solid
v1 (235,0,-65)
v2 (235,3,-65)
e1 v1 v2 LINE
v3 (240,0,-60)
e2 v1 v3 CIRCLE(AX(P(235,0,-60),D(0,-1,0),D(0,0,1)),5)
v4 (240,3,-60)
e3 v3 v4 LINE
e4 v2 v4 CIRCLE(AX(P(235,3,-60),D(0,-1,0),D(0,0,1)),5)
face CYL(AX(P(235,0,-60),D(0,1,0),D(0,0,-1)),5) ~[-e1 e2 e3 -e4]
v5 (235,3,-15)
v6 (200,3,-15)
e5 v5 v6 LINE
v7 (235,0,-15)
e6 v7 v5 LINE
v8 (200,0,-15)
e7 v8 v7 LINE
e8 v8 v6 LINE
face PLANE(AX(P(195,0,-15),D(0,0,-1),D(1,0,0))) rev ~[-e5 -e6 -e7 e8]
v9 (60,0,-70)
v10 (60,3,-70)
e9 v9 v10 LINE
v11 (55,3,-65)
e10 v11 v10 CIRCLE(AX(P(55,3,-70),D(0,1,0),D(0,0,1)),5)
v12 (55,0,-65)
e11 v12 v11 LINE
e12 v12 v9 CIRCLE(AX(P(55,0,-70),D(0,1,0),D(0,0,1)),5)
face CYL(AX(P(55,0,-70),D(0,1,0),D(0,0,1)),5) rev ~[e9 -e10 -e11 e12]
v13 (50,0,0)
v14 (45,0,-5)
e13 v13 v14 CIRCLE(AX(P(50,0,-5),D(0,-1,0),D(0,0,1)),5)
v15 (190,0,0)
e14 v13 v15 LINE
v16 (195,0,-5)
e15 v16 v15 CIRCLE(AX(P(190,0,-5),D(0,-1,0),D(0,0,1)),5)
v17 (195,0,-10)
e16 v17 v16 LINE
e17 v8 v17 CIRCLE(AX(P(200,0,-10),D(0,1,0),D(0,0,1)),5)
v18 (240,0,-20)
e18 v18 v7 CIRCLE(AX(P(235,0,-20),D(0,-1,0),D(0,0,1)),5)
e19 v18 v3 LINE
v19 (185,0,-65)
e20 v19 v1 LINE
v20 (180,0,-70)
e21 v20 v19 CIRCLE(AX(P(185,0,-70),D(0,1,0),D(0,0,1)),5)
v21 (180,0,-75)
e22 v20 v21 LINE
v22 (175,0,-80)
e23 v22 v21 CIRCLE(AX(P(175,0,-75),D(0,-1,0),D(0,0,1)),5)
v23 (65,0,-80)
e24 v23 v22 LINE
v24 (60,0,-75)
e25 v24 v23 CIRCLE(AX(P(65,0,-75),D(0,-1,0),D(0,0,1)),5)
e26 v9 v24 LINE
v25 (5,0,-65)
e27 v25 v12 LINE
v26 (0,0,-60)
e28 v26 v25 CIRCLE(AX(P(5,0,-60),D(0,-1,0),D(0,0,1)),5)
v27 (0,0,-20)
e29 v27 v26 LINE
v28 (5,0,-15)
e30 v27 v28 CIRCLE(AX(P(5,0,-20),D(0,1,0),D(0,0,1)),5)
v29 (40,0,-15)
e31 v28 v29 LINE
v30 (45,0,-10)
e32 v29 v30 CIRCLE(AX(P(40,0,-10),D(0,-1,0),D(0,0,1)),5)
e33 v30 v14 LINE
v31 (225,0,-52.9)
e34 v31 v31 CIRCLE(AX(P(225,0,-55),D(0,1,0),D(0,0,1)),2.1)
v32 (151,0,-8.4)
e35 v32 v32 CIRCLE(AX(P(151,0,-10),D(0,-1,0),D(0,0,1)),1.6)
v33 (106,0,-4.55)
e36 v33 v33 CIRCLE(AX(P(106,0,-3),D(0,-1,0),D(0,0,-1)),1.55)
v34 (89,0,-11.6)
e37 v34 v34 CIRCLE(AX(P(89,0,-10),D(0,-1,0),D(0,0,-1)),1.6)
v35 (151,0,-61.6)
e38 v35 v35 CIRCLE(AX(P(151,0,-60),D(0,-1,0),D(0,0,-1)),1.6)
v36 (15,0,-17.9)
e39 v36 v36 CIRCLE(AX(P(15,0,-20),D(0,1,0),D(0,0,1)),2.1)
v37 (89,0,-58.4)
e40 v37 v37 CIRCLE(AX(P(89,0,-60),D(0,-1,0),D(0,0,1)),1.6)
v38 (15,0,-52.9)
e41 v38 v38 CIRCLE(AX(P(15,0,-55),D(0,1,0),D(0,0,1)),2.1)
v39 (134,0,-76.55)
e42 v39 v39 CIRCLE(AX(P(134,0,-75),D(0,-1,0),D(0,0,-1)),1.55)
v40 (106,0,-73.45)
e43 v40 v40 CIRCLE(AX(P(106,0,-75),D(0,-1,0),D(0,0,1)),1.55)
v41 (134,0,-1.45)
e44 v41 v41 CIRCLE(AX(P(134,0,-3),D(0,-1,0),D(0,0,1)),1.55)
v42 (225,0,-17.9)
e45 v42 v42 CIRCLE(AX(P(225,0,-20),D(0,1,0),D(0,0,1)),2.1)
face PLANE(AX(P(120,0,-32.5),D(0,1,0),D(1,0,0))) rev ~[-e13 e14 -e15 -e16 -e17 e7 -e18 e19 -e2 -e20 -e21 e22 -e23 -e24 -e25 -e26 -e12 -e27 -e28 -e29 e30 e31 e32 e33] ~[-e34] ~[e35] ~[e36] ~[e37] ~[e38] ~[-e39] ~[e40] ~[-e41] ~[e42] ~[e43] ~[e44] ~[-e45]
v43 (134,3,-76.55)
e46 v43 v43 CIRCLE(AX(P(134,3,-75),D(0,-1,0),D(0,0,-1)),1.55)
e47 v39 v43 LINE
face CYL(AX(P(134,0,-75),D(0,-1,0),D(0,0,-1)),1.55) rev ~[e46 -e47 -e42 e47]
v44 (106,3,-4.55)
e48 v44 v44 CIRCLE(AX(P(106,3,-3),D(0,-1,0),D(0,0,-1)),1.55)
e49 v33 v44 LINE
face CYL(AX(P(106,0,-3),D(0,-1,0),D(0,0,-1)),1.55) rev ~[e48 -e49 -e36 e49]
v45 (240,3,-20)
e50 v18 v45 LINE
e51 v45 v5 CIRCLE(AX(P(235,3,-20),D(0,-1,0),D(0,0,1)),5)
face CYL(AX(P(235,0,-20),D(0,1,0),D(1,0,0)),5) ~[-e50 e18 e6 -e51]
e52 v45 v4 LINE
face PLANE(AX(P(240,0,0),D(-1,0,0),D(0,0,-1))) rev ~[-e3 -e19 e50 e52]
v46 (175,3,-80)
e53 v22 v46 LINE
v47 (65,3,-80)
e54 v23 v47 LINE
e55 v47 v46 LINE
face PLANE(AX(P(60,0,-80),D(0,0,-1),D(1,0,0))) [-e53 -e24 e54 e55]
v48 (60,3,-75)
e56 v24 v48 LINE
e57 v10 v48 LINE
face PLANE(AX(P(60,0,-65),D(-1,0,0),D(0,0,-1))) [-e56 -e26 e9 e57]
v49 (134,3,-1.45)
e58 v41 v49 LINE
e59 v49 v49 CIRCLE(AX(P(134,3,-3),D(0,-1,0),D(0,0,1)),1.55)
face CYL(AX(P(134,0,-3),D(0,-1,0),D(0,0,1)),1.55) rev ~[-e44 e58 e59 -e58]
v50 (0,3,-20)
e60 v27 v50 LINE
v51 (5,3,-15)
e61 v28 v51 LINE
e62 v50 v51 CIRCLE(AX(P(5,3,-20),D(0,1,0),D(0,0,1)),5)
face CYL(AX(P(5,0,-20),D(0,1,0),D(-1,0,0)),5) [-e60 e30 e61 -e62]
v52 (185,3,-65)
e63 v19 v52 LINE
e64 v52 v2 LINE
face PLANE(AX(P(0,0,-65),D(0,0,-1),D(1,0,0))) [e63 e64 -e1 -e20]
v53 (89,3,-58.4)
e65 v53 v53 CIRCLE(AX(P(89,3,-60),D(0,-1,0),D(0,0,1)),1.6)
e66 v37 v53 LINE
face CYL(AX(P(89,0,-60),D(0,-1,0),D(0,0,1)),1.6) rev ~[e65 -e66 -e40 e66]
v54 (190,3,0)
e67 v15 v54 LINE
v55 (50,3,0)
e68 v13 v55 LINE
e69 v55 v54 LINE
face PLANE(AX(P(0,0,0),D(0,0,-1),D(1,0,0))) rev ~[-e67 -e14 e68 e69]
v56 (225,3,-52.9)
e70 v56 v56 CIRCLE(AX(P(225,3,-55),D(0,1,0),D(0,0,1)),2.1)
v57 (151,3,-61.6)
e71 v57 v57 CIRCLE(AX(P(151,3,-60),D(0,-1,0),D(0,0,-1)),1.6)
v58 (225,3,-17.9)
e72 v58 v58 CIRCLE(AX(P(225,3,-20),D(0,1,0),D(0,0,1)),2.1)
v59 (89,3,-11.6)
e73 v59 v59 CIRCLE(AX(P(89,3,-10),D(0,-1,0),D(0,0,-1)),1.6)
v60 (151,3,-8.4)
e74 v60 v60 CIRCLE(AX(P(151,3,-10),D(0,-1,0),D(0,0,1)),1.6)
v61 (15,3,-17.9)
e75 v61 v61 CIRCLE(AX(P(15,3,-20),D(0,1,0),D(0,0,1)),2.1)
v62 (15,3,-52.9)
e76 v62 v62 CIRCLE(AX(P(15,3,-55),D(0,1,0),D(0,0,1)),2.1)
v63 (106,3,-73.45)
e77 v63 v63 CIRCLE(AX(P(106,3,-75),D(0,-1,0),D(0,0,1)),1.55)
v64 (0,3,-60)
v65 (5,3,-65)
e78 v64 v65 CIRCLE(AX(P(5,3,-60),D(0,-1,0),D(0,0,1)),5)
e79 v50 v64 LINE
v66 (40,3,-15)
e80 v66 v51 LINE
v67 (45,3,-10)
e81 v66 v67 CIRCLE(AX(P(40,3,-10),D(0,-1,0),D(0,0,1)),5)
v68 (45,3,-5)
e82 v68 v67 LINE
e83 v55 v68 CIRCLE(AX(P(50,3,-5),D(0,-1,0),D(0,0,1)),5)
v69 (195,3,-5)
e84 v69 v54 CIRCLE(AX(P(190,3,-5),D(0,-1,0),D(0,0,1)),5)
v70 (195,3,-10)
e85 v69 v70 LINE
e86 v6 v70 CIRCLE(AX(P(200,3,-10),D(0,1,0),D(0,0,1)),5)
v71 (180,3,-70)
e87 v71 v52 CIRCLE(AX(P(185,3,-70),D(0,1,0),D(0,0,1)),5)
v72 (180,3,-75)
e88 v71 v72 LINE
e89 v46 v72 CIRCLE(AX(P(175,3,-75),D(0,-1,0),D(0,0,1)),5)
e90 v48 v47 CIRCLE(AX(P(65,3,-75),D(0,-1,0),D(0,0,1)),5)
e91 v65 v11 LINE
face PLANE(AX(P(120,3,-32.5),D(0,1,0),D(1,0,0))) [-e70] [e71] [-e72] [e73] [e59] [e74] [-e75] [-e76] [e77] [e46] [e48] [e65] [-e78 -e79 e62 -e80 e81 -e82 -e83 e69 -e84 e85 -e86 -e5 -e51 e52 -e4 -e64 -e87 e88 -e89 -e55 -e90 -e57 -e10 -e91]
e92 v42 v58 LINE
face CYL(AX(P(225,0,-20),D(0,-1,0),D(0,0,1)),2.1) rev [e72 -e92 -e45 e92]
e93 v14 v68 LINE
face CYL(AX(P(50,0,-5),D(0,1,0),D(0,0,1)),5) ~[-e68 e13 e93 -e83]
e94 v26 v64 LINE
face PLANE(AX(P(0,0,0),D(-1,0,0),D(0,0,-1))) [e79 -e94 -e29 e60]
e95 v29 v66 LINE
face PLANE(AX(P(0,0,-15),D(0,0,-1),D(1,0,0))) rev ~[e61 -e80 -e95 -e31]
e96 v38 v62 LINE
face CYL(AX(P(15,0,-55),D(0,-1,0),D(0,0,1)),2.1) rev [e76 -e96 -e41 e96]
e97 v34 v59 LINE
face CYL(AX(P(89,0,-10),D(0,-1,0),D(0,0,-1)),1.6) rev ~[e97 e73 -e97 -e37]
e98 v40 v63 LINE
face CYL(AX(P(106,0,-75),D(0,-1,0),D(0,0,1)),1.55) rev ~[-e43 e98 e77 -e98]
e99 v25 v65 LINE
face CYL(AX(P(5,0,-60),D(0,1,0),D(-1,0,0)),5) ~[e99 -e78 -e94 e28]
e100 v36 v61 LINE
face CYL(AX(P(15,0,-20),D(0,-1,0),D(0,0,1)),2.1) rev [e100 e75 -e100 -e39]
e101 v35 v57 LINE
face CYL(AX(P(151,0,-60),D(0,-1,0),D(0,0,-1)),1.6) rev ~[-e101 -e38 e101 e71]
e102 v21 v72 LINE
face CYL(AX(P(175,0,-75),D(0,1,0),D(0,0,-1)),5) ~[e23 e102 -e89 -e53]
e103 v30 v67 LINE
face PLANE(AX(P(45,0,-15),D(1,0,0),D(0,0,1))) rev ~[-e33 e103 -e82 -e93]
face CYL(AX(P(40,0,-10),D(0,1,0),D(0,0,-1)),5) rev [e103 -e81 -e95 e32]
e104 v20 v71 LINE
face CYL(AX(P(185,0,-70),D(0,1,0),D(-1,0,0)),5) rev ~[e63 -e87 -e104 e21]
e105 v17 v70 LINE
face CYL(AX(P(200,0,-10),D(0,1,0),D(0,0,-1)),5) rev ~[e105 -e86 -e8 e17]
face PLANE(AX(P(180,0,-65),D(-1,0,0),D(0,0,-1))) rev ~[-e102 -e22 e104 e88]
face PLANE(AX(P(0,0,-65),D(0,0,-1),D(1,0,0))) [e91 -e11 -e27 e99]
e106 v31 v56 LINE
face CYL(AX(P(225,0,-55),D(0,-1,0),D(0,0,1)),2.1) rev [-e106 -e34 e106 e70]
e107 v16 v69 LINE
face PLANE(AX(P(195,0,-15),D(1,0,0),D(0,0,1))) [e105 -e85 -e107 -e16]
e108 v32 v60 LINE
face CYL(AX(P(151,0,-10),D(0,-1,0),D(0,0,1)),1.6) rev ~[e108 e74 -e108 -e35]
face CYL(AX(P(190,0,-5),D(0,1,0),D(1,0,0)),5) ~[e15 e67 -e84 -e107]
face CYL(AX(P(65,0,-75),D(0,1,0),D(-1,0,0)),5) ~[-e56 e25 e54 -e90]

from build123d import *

# Parameters (mm, degrees)
SKETCH_1_W          = 240
SKETCH_1_H          = 65
SKETCH_1_R          = 2.1
SKETCH_1_W_2        = 120
SKETCH_1_H_2        = 15
EXTRUDE_1_DEPTH     = 3
SKETCH_3_R          = 1.6
SKETCH_3_R_2        = 1.55
SKETCH_3_W          = 45
SKETCH_3_H          = 15
CUT_EXTRUDE_2_DEPTH = 254
FILLET_1_R          = 5


with BuildPart() as part:
    # 草图1 → 凸台-拉伸1 (new body)
    # profile 1 of 2: a face of its own
    with BuildSketch(Plane(origin=(0, 0, 0), x_dir=(1, 0, 0), z_dir=(0, 1, 0))):
        with Locations((120, 32.5)):
            Rectangle(SKETCH_1_W, SKETCH_1_H)
        with Locations(Location((225, 20, 0), (0, 0, 270))):
            Circle(SKETCH_1_R, mode=Mode.SUBTRACT)
        with Locations(Location((15, 55, 0), (0, 0, 270))):
            Circle(SKETCH_1_R, mode=Mode.SUBTRACT)
        with Locations(Location((15, 20, 0), (0, 0, 270))):
            Circle(SKETCH_1_R, mode=Mode.SUBTRACT)
        with Locations(Location((225, 55, 0), (0, 0, 270))):
            Circle(SKETCH_1_R, mode=Mode.SUBTRACT)
    # profile 2 of 2: a face of its own
    with BuildSketch(Plane(origin=(0, 0, 0), x_dir=(1, 0, 0), z_dir=(0, 1, 0))):
        with Locations((120, 72.5)):
            Rectangle(SKETCH_1_W_2, SKETCH_1_H_2)
    extrude(amount=EXTRUDE_1_DEPTH)

    # 草图3 → 切除-拉伸2 (cut, through all)
    with BuildSketch(Plane.XZ):
        with Locations(Location((89, -10, 0), (0, 0, 270))):
            Circle(SKETCH_3_R)
        with Locations(Location((151, -10, 0), (0, 0, 90))):
            Circle(SKETCH_3_R)
        with Locations(Location((151, -60, 0), (0, 0, 270))):
            Circle(SKETCH_3_R)
        with Locations(Location((89, -60, 0), (0, 0, 90))):
            Circle(SKETCH_3_R)
        with Locations(Location((106, -3, 0), (0, 0, 270))):
            Circle(SKETCH_3_R_2)
        with Locations(Location((134, -3, 0), (0, 0, 90))):
            Circle(SKETCH_3_R_2)
        with Locations(Location((134, -75, 0), (0, 0, 270))):
            Circle(SKETCH_3_R_2)
        with Locations(Location((106, -75, 0), (0, 0, 90))):
            Circle(SKETCH_3_R_2)
        with Locations((22.5, -7.5)):
            Rectangle(SKETCH_3_W, SKETCH_3_H)
        with Locations((217.5, -7.5)):
            Rectangle(SKETCH_3_W, SKETCH_3_H)
    extrude(amount=-CUT_EXTRUDE_2_DEPTH, mode=Mode.SUBTRACT)

    # 圆角1
    fillet_1_edges = [part.edges().sort_by_distance(p)[0] for p in [
        (0, 1.5, -65),
        (60, 1.5, -65),
        (60, 1.5, -80),
        (180, 1.5, -80),
        (180, 1.5, -65),
        (240, 1.5, -65),
        (45, 1.5, 0),
        (45, 1.5, -15),
        (0, 1.5, -15),
        (240, 1.5, -15),
        (195, 1.5, -15),
        (195, 1.5, 0),
    ]]
    fillet(fillet_1_edges, radius=FILLET_1_R)


solid = part.part
